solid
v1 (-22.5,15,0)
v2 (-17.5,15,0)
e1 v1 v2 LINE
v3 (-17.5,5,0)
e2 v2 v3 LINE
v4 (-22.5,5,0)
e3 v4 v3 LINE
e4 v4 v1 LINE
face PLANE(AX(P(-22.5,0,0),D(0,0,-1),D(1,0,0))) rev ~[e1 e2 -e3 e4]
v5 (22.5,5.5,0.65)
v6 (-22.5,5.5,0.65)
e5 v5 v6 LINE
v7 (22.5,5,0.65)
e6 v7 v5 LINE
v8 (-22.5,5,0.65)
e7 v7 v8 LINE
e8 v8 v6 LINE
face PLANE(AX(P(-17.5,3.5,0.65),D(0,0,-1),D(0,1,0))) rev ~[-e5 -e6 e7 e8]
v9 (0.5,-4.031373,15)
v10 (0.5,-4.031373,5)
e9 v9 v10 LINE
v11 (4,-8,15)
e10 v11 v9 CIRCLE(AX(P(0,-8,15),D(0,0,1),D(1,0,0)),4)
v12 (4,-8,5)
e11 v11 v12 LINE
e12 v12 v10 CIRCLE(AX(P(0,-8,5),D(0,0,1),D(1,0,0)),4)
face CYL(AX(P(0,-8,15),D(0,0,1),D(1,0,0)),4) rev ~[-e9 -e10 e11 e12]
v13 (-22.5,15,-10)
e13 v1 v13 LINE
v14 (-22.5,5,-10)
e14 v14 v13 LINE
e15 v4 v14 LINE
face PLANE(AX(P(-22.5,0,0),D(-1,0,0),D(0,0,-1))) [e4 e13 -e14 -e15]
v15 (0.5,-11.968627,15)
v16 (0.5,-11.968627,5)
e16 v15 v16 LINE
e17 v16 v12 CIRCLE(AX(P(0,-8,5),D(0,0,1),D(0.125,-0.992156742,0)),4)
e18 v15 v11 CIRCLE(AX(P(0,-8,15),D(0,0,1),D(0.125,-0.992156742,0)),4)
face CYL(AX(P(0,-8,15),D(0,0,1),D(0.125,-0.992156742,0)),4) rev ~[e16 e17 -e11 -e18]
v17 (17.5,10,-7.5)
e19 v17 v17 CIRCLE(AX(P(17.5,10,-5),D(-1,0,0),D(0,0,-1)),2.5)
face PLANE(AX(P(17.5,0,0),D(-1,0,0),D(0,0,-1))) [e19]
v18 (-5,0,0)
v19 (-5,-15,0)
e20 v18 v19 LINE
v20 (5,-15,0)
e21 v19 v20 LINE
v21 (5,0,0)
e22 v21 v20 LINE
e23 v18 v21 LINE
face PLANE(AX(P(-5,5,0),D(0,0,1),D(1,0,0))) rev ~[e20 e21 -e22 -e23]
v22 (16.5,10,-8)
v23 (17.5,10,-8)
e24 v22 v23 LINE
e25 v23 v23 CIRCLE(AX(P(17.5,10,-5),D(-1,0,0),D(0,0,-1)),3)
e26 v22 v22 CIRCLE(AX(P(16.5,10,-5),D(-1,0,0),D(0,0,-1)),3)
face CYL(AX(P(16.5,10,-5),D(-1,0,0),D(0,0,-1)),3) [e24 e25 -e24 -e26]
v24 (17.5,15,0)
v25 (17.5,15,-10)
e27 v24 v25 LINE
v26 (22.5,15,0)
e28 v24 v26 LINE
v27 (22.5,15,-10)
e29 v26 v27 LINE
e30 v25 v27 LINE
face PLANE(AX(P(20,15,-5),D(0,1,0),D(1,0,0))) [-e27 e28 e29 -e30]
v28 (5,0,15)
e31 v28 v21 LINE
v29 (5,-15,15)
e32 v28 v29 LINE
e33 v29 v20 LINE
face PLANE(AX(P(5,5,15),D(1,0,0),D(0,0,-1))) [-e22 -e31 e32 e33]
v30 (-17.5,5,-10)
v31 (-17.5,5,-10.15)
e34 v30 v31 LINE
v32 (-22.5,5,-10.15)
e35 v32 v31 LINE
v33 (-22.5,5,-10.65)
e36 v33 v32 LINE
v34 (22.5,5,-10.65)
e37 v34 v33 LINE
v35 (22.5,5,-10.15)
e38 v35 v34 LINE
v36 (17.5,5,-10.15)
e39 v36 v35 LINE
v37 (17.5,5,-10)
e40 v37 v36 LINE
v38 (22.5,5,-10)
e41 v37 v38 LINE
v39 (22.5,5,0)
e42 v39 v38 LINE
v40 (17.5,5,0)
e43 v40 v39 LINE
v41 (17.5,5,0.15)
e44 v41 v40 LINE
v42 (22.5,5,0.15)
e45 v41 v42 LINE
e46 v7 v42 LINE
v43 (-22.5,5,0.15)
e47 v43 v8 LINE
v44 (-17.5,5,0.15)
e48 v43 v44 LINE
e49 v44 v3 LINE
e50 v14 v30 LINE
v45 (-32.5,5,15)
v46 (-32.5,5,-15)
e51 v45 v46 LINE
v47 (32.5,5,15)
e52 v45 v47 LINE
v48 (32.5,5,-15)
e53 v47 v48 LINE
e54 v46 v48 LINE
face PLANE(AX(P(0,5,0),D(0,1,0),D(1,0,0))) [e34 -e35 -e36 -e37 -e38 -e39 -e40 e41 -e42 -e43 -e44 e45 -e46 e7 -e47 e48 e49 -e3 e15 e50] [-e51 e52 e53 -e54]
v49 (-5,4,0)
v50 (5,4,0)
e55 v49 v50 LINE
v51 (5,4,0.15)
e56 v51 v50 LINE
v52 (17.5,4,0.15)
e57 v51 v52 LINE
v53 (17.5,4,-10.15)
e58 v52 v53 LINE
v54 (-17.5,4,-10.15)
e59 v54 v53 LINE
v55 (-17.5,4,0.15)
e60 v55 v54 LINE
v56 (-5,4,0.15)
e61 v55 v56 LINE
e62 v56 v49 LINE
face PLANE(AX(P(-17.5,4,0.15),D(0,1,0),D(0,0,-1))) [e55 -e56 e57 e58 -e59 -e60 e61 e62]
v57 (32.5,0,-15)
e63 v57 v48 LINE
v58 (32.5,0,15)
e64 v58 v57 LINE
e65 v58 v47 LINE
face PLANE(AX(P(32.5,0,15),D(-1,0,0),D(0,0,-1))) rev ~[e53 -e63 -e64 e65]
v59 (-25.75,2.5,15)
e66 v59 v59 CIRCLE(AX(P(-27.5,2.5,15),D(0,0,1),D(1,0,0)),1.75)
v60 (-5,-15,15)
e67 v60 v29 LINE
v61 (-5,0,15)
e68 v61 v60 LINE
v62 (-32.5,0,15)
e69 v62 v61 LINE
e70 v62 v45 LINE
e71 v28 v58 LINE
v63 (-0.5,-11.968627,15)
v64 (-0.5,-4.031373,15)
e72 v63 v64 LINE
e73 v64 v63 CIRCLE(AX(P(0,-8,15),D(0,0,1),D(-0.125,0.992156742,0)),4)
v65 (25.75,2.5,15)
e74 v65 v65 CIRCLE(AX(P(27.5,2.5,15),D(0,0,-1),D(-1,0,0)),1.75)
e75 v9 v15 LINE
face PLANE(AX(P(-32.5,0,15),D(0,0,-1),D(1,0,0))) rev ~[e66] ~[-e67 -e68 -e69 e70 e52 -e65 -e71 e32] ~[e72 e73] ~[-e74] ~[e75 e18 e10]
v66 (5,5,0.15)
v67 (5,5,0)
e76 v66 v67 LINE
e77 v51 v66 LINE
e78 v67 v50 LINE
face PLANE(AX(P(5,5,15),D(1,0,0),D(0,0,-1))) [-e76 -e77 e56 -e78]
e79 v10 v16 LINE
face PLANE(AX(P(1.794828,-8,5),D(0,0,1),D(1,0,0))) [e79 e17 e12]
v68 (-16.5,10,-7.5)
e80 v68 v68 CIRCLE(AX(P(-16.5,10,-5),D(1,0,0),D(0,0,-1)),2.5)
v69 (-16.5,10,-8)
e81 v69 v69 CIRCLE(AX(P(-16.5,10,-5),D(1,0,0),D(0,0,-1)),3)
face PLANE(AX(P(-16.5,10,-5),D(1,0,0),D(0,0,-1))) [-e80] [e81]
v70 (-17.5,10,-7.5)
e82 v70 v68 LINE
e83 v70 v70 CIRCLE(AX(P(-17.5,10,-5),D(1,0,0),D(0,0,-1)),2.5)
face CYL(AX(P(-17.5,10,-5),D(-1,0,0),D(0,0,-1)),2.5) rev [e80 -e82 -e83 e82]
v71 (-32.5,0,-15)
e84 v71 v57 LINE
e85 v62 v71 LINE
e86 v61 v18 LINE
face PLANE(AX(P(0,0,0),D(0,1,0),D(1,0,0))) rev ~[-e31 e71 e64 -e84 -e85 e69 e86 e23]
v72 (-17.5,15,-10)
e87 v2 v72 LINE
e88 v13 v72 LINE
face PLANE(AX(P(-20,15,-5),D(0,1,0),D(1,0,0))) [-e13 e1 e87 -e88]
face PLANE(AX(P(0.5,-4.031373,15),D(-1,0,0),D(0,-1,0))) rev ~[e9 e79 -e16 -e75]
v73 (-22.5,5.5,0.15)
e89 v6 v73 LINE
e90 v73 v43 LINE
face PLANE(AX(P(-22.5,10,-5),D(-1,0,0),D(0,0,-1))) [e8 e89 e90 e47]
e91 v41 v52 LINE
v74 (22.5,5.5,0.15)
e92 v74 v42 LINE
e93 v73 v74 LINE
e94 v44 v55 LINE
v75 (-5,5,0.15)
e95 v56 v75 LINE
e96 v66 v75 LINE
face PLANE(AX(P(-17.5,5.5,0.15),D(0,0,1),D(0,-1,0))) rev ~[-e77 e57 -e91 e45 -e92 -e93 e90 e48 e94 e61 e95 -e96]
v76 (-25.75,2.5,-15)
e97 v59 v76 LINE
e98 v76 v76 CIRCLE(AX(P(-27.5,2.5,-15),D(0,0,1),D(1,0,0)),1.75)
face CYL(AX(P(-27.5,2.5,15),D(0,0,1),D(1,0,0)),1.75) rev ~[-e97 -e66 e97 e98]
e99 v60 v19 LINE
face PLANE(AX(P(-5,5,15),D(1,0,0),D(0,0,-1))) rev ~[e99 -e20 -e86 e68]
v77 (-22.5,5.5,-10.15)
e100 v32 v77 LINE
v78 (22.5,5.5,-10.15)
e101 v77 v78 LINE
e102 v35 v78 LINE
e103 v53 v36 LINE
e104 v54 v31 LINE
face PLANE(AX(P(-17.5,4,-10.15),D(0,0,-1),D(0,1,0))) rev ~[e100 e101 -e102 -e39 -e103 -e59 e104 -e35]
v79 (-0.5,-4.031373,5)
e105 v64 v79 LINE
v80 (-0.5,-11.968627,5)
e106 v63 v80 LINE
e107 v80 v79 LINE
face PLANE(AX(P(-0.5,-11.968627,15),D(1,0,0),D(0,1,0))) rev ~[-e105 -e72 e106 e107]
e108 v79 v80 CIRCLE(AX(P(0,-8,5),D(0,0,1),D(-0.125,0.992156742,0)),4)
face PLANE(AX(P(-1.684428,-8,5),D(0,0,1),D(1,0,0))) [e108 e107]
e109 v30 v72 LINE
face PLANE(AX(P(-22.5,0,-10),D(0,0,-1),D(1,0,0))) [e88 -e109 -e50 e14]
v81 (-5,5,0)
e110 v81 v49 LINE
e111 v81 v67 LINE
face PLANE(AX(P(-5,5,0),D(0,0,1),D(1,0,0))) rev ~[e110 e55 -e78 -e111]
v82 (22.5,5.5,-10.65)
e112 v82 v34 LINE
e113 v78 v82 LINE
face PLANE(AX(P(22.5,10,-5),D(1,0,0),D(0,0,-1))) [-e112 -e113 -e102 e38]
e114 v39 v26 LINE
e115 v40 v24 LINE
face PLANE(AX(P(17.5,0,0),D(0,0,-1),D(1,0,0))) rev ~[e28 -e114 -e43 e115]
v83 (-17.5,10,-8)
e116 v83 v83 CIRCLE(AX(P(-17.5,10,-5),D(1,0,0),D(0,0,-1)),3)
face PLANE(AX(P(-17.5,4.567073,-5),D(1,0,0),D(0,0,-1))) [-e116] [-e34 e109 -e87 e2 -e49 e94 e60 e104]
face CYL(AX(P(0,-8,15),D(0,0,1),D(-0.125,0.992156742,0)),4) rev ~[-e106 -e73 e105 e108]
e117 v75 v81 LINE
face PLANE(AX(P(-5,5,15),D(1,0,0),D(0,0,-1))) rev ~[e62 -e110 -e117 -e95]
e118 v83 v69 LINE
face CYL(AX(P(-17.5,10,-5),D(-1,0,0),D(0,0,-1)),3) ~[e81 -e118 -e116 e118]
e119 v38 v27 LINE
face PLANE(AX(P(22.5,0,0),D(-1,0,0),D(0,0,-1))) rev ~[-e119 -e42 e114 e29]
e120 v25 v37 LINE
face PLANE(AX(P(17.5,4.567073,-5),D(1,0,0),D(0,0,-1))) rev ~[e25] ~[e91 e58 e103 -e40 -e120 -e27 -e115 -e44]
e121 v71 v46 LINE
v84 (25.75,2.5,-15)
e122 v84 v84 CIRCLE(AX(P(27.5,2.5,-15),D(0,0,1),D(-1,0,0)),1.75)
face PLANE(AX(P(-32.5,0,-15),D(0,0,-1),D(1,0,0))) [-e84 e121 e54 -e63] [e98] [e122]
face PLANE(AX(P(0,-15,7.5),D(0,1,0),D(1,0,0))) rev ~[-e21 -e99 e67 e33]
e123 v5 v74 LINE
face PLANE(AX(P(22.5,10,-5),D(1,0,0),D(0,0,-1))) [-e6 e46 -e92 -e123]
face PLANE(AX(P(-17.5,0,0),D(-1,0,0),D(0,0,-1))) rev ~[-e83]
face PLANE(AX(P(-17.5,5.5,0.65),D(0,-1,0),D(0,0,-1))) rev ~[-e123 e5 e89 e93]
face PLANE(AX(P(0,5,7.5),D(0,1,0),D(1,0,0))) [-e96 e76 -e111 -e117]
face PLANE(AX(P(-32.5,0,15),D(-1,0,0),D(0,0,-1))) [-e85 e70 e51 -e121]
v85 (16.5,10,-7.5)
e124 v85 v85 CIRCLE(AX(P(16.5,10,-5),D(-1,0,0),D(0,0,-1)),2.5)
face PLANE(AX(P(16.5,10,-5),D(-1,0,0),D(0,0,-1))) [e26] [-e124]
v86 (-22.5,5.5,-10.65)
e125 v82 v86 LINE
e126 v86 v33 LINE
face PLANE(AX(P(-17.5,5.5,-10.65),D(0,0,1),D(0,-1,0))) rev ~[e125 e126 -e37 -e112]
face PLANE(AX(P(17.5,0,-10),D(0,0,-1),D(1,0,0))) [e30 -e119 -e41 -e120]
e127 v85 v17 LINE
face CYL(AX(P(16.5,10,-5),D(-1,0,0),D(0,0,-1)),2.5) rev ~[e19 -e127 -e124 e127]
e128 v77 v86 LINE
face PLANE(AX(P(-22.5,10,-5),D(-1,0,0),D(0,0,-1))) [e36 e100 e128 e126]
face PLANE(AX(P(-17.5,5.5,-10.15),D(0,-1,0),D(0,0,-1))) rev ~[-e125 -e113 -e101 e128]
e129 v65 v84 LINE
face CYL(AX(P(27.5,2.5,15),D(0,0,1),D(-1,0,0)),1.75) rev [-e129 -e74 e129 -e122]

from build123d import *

# Parameters (mm, degrees)
SKETCH1_W                       = 65
SKETCH1_H                       = 30
SKETCH1_W_2                     = 5
SKETCH1_H_2                     = 10
BOSS_EXTRUDE1_DEPTH             = 5
SKETCH1_4_W                     = 5
SKETCH1_4_H                     = 10
BOSS_EXTRUDE2_DEPTH             = 15
SKETCH2_R                       = 3
SKETCH2_R_2                     = 2.5
BOSS_EXTRUDE3_DEPTH             = 1
BOSS_EXTRUDE4_START             = 1
SKETCH3_R                       = 3
SKETCH3_R_2                     = 2.5
BOSS_EXTRUDE4_DEPTH             = 1
BOSS_EXTRUDE5_REACH             = 56.314
BOSS_EXTRUDE5_DIRECTION_2_REACH = 56.314
CUT_EXTRUDE2_DEPTH              = 35
SKETCH5_R                       = 1.75
CUT_EXTRUDE3_DEPTH              = 47.703854231
SKETCH7_R                       = 1
CUT_EXTRUDE5_DEPTH              = 4.5
SKETCH10_W                      = 10
SKETCH10_H                      = 15
BOSS_EXTRUDE7_DEPTH             = 20
CUT_EXTRUDE8_DEPTH              = 10


with BuildPart() as part:
    # Sketch1 → Boss-Extrude1 (new body)
    with BuildSketch(Plane(origin=(0, 0, 0), x_dir=(1, 0, 0), z_dir=(0, 1, 0))):
        Rectangle(SKETCH1_W, SKETCH1_H)
        with Locations((20, 5)):
            Rectangle(SKETCH1_W_2, SKETCH1_H_2, mode=Mode.SUBTRACT)
        with Locations((-20, 5)):
            Rectangle(SKETCH1_W_2, SKETCH1_H_2, mode=Mode.SUBTRACT)
    extrude(amount=BOSS_EXTRUDE1_DEPTH)

    # Sketch1<4> → Boss-Extrude2 (add)
    with BuildSketch(Plane(origin=(0, 0, 0), x_dir=(1, 0, 0), z_dir=(0, 1, 0))):
        with Locations((20, 5)):
            Rectangle(SKETCH1_4_W, SKETCH1_4_H)
        with Locations((-20, 5)):
            Rectangle(SKETCH1_4_W, SKETCH1_4_H)
    extrude(amount=BOSS_EXTRUDE2_DEPTH)

    # Sketch2 → Boss-Extrude3 (add)
    with BuildSketch(Plane(origin=(-17.5, 0, 0), x_dir=(0, 0, -1), z_dir=(1, 0, 0))):
        with Locations((5, 10)):
            Circle(SKETCH2_R)
        with Locations((5, 10)):
            Circle(SKETCH2_R_2, mode=Mode.SUBTRACT)
    extrude(amount=BOSS_EXTRUDE3_DEPTH)

    # Sketch3 → Boss-Extrude4 (add)
    with BuildSketch(Plane.ZY.offset(-17.5).offset(BOSS_EXTRUDE4_START)):
        with Locations(Location((-5, 10, 0), (0, 0, 180))):
            Circle(SKETCH3_R)
        with Locations(Location((-5, 10, 0), (0, 0, 180))):
            Circle(SKETCH3_R_2, mode=Mode.SUBTRACT)
    extrude(amount=-BOSS_EXTRUDE4_DEPTH)

    # Boss-Extrude5: up to this face of the body (flat: up to its plane)
    boss_extrude5_end = Plane(part.part.faces().sort_by_distance((22.5, 10, -5))[0])
    # Sketch4 → Boss-Extrude5 (add, up to the picked face)
    with BuildSketch(Plane(origin=(-17.5, 0, 0), x_dir=(0, 0, -1), z_dir=(1, 0, 0)), mode=Mode.PRIVATE) as boss_extrude5_sk1:
        Polygon((10.15, 5.5), (10.65, 5.5), (10.65, 3.5), (-0.65, 3.5), (-0.65, 5.5), (-0.15, 5.5), (-0.15, 4), (10.15, 4), align=None)
    boss_extrude5_tool1 = split(extrude(boss_extrude5_sk1.sketch, amount=BOSS_EXTRUDE5_REACH, mode=Mode.PRIVATE), bisect_by=boss_extrude5_end, keep=Keep.BOTH, mode=Mode.PRIVATE)
    add(boss_extrude5_tool1.solids().sort_by(Axis((-17.5, 3.95979, -5), (1, 0, 0)))[0])

    # Boss-Extrude5 direction 2: up to this face of the body (flat: up to its plane)
    boss_extrude5_direction_2_end = Plane(part.part.faces().sort_by_distance((-22.5, 10, -5))[0])
    # Sketch4 → Boss-Extrude5 direction 2 (add, up to the picked face)
    with BuildSketch(Plane(origin=(-17.5, 0, 0), x_dir=(0, 0, -1), z_dir=(1, 0, 0)), mode=Mode.PRIVATE) as boss_extrude5_direction_2_sk1:
        Polygon((10.15, 5.5), (10.65, 5.5), (10.65, 3.5), (-0.65, 3.5), (-0.65, 5.5), (-0.15, 5.5), (-0.15, 4), (10.15, 4), align=None)
    boss_extrude5_direction_2_tool1 = split(extrude(boss_extrude5_direction_2_sk1.sketch, amount=-BOSS_EXTRUDE5_DIRECTION_2_REACH, mode=Mode.PRIVATE), bisect_by=boss_extrude5_direction_2_end, keep=Keep.BOTH, mode=Mode.PRIVATE)
    add(boss_extrude5_direction_2_tool1.solids().sort_by(Axis((-17.5, 3.95979, -5), (-1, 0, 0)))[0])

    # Sketch4<5> → Cut-Extrude2 (cut)
    with BuildSketch(Plane(origin=(-17.5, 0, 0), x_dir=(0, 0, -1), z_dir=(1, 0, 0))):
        Polygon((0, 5.5), (-0.15, 5.5), (-0.15, 4), (10.15, 4), (10.15, 5.5), (10, 5.5), (10, 5), (0, 5), align=None)
    extrude(amount=CUT_EXTRUDE2_DEPTH, mode=Mode.SUBTRACT)

    # Sketch5 → Cut-Extrude3 (cut, through all)
    with BuildSketch(Plane.XY.offset(15)):
        with Locations((-27.5, 2.5)):
            Circle(SKETCH5_R)
    cut_extrude3 = extrude(amount=-CUT_EXTRUDE3_DEPTH, mode=Mode.SUBTRACT)

    # Mirror1: Cut-Extrude3 across plane
    add(cut_extrude3.mirror(Plane(origin=(0, 0, 0), x_dir=(0, 0, 1), z_dir=(1, 0, 0))), mode=Mode.SUBTRACT)

    # Sketch7 → Cut-Extrude5 (cut)
    with BuildSketch(Plane(origin=(0, 5, 0), x_dir=(1, 0, 0), z_dir=(0, 1, 0))):
        with Locations(Location((0, -10, 0), (0, 0, 270))):
            Circle(SKETCH7_R)
        with Locations(Location((0, -5, 0), (0, 0, 270))):
            Circle(SKETCH7_R)
    extrude(amount=-CUT_EXTRUDE5_DEPTH, mode=Mode.SUBTRACT)

    # Sketch10 → Boss-Extrude7 (add)
    with BuildSketch(Plane(origin=(0, 5, 0), x_dir=(1, 0, 0), z_dir=(0, 1, 0))):
        with Locations((0, -7.5)):
            Rectangle(SKETCH10_W, SKETCH10_H)
    extrude(amount=-BOSS_EXTRUDE7_DEPTH)

    # Sketch11 → Cut-Extrude8 (cut)
    with BuildSketch(Plane.XY.offset(15)):
        with BuildLine():
            ThreePointArc((-0.5, -4.031373033), (-4, -8), (-0.5, -11.968626967))
            Line((-0.5, -11.968626967), (-0.5, -4.031373033))
        make_face()
        with BuildLine():
            Line((0.5, -4.031373033), (0.5, -11.968626967))
            ThreePointArc((0.5, -11.968626967), (3, -10.645751311), (4, -8))
            ThreePointArc((4, -8), (3, -5.354248689), (0.5, -4.031373033))
        make_face()
    extrude(amount=-CUT_EXTRUDE8_DEPTH, mode=Mode.SUBTRACT)


solid = part.part
